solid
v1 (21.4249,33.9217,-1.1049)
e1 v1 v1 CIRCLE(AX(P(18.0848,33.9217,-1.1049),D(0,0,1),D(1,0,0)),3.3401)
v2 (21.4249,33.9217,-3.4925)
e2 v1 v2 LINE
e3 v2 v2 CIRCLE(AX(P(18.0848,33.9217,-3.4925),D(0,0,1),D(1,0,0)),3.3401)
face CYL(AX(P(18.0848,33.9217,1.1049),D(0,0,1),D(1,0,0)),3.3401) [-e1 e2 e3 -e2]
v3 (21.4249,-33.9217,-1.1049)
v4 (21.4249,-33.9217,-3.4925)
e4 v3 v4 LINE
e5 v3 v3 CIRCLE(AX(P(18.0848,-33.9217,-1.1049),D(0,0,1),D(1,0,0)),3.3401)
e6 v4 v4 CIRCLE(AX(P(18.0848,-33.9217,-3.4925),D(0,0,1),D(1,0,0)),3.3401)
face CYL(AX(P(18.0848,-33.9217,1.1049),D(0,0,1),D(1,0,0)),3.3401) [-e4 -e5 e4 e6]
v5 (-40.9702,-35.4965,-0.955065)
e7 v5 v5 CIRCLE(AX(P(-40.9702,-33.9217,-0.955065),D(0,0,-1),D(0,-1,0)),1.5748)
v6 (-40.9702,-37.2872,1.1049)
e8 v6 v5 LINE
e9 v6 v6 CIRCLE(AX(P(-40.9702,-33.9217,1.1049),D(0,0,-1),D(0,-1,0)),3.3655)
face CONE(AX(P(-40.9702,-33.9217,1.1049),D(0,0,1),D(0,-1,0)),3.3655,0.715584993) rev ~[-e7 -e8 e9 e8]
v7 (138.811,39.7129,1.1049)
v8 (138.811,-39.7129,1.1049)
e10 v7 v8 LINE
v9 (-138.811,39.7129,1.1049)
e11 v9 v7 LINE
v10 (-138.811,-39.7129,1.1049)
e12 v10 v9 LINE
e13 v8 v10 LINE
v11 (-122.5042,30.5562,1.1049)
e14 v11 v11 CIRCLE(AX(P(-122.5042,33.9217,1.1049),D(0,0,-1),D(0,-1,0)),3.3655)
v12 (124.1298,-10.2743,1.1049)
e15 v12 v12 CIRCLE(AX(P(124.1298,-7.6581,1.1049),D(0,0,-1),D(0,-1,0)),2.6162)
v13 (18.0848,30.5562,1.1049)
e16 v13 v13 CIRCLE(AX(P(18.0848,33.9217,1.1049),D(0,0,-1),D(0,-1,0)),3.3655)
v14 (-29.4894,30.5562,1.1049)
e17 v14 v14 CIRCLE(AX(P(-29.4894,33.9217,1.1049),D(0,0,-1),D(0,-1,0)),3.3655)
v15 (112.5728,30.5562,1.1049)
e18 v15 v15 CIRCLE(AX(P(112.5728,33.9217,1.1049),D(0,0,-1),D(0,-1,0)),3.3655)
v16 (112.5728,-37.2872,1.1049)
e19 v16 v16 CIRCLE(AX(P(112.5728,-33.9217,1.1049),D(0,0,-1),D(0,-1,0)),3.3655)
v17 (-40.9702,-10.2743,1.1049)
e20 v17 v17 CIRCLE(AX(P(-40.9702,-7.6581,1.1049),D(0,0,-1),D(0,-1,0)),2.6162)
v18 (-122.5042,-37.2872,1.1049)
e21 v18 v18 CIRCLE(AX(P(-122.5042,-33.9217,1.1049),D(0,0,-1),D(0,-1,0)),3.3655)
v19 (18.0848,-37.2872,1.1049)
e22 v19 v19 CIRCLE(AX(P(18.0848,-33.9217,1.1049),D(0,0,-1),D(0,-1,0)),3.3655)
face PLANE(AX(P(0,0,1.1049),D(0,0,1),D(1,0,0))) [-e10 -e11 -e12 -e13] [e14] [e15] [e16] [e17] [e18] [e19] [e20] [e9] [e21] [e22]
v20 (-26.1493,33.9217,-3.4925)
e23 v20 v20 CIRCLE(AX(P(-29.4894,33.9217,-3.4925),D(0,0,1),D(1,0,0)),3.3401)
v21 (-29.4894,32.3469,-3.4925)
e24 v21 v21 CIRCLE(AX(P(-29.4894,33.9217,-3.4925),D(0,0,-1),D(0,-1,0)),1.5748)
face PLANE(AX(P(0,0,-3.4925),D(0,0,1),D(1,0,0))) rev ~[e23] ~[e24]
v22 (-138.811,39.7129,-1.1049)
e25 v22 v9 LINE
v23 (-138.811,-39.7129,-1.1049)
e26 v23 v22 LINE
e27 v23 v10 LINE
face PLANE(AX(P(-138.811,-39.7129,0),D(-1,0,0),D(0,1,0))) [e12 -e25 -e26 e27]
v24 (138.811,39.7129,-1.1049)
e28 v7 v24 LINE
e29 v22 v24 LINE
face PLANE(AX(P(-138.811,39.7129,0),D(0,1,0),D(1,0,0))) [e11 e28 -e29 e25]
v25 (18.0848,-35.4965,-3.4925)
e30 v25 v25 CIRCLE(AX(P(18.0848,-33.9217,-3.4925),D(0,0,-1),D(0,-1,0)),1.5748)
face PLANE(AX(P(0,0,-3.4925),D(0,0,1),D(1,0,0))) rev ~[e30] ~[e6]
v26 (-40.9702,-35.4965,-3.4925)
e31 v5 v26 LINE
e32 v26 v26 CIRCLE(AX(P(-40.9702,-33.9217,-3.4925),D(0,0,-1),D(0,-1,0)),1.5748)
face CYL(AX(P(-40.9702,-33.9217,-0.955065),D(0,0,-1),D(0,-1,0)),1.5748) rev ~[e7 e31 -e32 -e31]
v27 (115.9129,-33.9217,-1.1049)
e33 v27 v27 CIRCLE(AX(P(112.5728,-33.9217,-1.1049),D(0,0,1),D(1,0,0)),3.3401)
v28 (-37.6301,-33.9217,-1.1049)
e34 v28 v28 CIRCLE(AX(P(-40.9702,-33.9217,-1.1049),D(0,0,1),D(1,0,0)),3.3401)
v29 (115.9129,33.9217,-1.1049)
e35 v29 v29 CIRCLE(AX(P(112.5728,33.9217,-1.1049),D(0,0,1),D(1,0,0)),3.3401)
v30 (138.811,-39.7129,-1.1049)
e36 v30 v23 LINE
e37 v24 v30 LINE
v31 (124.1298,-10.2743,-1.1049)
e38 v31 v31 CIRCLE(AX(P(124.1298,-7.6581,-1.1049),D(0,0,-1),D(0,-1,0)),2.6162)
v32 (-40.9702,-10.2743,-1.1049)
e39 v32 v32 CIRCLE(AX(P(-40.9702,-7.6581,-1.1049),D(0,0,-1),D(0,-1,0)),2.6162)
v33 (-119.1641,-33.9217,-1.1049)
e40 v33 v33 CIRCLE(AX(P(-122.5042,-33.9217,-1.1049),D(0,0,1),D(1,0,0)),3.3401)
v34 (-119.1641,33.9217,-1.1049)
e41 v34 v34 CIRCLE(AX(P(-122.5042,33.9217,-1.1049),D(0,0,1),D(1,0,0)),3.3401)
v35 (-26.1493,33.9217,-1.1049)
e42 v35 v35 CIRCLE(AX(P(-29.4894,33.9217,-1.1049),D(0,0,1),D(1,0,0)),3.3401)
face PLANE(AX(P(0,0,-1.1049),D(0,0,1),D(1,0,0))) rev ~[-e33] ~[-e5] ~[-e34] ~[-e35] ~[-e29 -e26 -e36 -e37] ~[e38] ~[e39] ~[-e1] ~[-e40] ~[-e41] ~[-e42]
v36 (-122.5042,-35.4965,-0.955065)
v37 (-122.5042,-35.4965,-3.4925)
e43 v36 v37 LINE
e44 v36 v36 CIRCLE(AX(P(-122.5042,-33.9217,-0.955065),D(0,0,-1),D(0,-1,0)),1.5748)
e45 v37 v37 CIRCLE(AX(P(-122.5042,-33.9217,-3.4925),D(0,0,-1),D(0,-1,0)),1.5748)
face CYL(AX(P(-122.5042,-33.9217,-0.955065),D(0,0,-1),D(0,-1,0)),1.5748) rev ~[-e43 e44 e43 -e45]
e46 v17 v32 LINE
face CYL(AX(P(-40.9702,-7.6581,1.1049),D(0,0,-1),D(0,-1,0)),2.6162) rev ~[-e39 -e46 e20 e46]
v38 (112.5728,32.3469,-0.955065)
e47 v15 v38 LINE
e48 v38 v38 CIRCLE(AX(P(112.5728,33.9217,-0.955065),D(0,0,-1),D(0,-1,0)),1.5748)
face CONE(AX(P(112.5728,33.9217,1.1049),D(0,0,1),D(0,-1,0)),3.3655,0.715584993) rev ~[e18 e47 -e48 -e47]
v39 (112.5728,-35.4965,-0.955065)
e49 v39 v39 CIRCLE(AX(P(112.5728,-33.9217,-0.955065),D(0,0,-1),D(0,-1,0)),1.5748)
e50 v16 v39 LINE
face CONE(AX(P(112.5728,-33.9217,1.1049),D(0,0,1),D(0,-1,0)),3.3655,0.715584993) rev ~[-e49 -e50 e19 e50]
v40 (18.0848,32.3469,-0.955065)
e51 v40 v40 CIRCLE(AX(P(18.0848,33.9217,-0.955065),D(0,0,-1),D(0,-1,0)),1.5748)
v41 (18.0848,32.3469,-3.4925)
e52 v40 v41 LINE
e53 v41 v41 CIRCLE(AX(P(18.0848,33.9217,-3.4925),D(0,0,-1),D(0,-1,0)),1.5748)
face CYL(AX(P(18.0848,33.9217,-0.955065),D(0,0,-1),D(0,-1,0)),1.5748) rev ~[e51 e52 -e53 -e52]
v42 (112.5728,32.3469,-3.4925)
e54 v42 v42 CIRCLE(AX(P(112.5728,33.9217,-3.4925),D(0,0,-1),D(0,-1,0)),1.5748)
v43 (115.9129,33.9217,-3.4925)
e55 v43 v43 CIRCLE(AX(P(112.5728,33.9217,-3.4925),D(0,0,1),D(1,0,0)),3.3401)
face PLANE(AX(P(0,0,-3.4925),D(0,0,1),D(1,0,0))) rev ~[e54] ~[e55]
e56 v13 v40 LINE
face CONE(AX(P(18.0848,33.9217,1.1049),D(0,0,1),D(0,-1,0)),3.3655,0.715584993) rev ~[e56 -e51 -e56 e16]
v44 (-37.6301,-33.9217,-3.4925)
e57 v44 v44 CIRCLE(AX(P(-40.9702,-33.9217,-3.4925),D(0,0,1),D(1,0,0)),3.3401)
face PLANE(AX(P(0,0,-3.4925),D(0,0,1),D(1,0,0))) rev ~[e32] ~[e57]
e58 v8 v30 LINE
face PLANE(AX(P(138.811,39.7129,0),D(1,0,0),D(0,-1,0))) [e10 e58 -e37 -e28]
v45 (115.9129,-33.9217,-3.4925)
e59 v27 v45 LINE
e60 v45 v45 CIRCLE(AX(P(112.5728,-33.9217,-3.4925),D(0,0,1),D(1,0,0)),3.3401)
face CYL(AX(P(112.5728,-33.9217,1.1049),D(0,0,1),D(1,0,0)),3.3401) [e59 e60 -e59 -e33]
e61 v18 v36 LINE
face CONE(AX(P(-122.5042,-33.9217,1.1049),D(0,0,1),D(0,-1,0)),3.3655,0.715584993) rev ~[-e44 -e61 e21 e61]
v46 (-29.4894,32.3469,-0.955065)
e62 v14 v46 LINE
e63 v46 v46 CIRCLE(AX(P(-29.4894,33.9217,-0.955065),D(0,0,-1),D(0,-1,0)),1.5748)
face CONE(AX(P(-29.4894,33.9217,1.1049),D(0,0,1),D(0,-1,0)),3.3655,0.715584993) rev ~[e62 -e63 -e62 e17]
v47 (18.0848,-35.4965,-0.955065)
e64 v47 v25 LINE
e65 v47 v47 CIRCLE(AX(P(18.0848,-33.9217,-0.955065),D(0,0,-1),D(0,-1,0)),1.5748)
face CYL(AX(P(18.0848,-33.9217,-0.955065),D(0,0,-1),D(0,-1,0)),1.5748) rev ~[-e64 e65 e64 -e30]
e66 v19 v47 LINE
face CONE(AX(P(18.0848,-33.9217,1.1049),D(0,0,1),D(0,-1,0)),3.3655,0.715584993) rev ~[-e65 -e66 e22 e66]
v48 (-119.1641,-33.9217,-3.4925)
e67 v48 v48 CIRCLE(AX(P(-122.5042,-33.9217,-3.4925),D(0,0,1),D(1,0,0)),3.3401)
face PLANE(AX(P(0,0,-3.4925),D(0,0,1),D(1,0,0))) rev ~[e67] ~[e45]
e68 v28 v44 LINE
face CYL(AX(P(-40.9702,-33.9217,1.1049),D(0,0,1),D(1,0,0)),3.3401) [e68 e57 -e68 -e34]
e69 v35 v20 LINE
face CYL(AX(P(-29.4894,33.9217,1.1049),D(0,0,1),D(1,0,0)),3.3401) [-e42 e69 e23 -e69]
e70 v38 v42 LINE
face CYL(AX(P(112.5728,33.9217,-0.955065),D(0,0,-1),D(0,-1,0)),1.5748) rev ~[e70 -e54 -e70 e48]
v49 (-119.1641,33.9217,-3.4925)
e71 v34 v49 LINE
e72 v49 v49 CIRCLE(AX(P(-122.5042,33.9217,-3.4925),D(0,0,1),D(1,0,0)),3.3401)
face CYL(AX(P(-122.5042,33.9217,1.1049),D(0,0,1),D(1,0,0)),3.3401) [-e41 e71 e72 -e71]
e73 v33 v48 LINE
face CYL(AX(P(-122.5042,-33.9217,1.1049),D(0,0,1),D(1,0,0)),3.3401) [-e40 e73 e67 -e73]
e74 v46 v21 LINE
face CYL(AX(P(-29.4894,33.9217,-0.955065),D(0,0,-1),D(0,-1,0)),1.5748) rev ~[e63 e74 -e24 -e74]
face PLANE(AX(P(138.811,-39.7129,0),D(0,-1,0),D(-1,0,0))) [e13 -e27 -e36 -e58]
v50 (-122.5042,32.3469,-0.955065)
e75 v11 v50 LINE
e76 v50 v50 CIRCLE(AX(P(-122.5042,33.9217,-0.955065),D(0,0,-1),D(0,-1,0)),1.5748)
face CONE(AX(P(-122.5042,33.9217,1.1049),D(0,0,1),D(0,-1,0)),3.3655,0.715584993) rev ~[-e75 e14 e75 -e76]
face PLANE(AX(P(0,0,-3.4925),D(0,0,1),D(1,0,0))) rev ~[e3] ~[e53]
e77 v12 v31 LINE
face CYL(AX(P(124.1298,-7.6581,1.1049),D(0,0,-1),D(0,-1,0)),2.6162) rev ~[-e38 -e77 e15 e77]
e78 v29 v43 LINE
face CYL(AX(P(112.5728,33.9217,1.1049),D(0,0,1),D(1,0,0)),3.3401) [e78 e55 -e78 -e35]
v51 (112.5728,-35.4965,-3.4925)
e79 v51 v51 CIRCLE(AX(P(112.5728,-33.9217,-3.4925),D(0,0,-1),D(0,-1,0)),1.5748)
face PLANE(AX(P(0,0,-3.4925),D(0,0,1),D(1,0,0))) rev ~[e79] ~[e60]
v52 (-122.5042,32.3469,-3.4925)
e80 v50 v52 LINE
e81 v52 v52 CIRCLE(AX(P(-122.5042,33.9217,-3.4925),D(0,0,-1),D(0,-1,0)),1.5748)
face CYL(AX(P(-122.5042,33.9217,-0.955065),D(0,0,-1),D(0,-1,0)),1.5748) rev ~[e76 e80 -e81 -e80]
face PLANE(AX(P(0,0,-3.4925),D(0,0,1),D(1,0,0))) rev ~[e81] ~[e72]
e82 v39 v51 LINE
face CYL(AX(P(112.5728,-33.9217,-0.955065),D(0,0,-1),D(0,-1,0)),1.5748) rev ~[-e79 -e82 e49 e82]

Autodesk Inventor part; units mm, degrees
ref_plane "YZ Plane" through (0, 0, 0) normal (1, 0, 0) x (0, 1, 0)
ref_plane "XZ Plane" through (0, 0, 0) normal (0, 1, 0) x (-1, 0, 0)
ref_plane "XY Plane" through (0, 0, 0) normal (0, 0, 1) x (1, 0, 0)
sketch "Sketch1" plane through (0, 0, 0) normal (0, 0, 1) x (1, 0, 0)
  line L0 (-138.811, 39.7129) -> (138.811, 39.7129)
  line L1 (138.811, 39.7129) -> (138.811, -39.7129)
  line L2 (138.811, -39.7129) -> (-138.811, -39.7129)
  line L3 (-138.811, -39.7129) -> (-138.811, 39.7129)
  line L4 (0, 0) -> (0, 39.7129) construction
  line L5 (0, 0) -> (0, -39.7129) construction
  line L6 (0, 0) -> (-138.811, 0) construction
  line L7 (0, 0) -> (138.811, 0) construction
  dimension "d0" = 277.622
  dimension "d1" = 79.4258
extrude "Extrusion1" add sketch "Sketch1" along normal mid plane 2.2098
sketch "Sketch2" plane through (0, 0, 1.1049) normal (0, 0, 1) x (1, 0, 0)
  line L0 (138.811, 39.7129) -> (138.811, -39.7129) projected
  line L1 (-138.811, 39.7129) -> (138.811, 39.7129) projected
  line L2 (-138.811, -39.7129) -> (-138.811, 39.7129) projected
  line L3 (138.811, -39.7129) -> (-138.811, -39.7129) projected
  circle A0 centre (-122.5042, 33.9217) radius 3.3401
  circle A1 centre (-29.4894, 33.9217) radius 3.3401
  circle A2 centre (18.0848, 33.9217) radius 3.3401
  circle A3 centre (112.5728, 33.9217) radius 3.3401
  circle A4 centre (-122.5042, -33.9217) radius 3.3401
  circle A5 centre (-40.9702, -33.9217) radius 3.3401
  circle A6 centre (18.0848, -33.9217) radius 3.3401
  circle A7 centre (112.5728, -33.9217) radius 3.3401
  dimension "d4" = 16.3068
  dimension "d5" = 5.7912
  dimension "d6" = 5.7912
  dimension "d7" = 26.2382
  dimension "d8" = 120.7262
  dimension "d9" = 168.3004
  dimension "d10" = 179.7812
  dimension "d11" = 6.6802
extrude "Extrusion2" add sketch "Sketch2" against normal blind 4.5974 contours A0 | A1 | A2 | A3 | A4 | A5 | A6 | A7
sketch "Sketch3" plane through (0, 0, 1.1049) normal (0, 0, 1) x (1, 0, 0)
  circle A0 centre (-122.5042, 33.9217) radius 3.3401 projected
  circle A1 centre (-122.5042, -33.9217) radius 3.3401 projected
  circle A2 centre (-29.4894, 33.9217) radius 3.3401 projected
  circle A3 centre (-40.9702, -33.9217) radius 3.3401 projected
  circle A4 centre (18.0848, -33.9217) radius 3.3401 projected
  circle A5 centre (18.0848, 33.9217) radius 3.3401 projected
  circle A6 centre (112.5728, 33.9217) radius 3.3401 projected
  circle A7 centre (112.5728, -33.9217) radius 3.3401 projected
hole "Hole1" at (-122.5042, 33.9217, 1.1049) at (-29.4894, 33.9217, 1.1049) at (18.0848, 33.9217, 1.1049) at (112.5728, 33.9217, 1.1049) at (112.5728, -33.9217, 1.1049) at (18.0848, -33.9217, 1.1049) at (-40.9702, -33.9217, 1.1049) at (-122.5042, -33.9217, 1.1049) direction (0, 0, -1) diameter 3.1496 end through all countersink diameter 6.731 countersink angle 82
sketch "Sketch4" plane through (0, 0, 1.1049) normal (0, 0, 1) x (1, 0, 0)
  line L0 (138.811, 39.7129) -> (138.811, -39.7129) projected
  line L1 (-138.811, 39.7129) -> (138.811, 39.7129) projected
  point P0 (-40.9702, -7.6581)
  point P1 (124.1298, -7.6581)
  dimension "d21" = 47.371
  dimension "d22" = 14.6812
  dimension "d23" = 165.1
hole "Hole2" at (-40.9702, -7.6581, 1.1049) at (124.1298, -7.6581, 1.1049) direction (0, 0, -1) diameter 5.2324 end through all
properties part number "cRIO-FRC BackPlate" material "Aluminum-Casting"
